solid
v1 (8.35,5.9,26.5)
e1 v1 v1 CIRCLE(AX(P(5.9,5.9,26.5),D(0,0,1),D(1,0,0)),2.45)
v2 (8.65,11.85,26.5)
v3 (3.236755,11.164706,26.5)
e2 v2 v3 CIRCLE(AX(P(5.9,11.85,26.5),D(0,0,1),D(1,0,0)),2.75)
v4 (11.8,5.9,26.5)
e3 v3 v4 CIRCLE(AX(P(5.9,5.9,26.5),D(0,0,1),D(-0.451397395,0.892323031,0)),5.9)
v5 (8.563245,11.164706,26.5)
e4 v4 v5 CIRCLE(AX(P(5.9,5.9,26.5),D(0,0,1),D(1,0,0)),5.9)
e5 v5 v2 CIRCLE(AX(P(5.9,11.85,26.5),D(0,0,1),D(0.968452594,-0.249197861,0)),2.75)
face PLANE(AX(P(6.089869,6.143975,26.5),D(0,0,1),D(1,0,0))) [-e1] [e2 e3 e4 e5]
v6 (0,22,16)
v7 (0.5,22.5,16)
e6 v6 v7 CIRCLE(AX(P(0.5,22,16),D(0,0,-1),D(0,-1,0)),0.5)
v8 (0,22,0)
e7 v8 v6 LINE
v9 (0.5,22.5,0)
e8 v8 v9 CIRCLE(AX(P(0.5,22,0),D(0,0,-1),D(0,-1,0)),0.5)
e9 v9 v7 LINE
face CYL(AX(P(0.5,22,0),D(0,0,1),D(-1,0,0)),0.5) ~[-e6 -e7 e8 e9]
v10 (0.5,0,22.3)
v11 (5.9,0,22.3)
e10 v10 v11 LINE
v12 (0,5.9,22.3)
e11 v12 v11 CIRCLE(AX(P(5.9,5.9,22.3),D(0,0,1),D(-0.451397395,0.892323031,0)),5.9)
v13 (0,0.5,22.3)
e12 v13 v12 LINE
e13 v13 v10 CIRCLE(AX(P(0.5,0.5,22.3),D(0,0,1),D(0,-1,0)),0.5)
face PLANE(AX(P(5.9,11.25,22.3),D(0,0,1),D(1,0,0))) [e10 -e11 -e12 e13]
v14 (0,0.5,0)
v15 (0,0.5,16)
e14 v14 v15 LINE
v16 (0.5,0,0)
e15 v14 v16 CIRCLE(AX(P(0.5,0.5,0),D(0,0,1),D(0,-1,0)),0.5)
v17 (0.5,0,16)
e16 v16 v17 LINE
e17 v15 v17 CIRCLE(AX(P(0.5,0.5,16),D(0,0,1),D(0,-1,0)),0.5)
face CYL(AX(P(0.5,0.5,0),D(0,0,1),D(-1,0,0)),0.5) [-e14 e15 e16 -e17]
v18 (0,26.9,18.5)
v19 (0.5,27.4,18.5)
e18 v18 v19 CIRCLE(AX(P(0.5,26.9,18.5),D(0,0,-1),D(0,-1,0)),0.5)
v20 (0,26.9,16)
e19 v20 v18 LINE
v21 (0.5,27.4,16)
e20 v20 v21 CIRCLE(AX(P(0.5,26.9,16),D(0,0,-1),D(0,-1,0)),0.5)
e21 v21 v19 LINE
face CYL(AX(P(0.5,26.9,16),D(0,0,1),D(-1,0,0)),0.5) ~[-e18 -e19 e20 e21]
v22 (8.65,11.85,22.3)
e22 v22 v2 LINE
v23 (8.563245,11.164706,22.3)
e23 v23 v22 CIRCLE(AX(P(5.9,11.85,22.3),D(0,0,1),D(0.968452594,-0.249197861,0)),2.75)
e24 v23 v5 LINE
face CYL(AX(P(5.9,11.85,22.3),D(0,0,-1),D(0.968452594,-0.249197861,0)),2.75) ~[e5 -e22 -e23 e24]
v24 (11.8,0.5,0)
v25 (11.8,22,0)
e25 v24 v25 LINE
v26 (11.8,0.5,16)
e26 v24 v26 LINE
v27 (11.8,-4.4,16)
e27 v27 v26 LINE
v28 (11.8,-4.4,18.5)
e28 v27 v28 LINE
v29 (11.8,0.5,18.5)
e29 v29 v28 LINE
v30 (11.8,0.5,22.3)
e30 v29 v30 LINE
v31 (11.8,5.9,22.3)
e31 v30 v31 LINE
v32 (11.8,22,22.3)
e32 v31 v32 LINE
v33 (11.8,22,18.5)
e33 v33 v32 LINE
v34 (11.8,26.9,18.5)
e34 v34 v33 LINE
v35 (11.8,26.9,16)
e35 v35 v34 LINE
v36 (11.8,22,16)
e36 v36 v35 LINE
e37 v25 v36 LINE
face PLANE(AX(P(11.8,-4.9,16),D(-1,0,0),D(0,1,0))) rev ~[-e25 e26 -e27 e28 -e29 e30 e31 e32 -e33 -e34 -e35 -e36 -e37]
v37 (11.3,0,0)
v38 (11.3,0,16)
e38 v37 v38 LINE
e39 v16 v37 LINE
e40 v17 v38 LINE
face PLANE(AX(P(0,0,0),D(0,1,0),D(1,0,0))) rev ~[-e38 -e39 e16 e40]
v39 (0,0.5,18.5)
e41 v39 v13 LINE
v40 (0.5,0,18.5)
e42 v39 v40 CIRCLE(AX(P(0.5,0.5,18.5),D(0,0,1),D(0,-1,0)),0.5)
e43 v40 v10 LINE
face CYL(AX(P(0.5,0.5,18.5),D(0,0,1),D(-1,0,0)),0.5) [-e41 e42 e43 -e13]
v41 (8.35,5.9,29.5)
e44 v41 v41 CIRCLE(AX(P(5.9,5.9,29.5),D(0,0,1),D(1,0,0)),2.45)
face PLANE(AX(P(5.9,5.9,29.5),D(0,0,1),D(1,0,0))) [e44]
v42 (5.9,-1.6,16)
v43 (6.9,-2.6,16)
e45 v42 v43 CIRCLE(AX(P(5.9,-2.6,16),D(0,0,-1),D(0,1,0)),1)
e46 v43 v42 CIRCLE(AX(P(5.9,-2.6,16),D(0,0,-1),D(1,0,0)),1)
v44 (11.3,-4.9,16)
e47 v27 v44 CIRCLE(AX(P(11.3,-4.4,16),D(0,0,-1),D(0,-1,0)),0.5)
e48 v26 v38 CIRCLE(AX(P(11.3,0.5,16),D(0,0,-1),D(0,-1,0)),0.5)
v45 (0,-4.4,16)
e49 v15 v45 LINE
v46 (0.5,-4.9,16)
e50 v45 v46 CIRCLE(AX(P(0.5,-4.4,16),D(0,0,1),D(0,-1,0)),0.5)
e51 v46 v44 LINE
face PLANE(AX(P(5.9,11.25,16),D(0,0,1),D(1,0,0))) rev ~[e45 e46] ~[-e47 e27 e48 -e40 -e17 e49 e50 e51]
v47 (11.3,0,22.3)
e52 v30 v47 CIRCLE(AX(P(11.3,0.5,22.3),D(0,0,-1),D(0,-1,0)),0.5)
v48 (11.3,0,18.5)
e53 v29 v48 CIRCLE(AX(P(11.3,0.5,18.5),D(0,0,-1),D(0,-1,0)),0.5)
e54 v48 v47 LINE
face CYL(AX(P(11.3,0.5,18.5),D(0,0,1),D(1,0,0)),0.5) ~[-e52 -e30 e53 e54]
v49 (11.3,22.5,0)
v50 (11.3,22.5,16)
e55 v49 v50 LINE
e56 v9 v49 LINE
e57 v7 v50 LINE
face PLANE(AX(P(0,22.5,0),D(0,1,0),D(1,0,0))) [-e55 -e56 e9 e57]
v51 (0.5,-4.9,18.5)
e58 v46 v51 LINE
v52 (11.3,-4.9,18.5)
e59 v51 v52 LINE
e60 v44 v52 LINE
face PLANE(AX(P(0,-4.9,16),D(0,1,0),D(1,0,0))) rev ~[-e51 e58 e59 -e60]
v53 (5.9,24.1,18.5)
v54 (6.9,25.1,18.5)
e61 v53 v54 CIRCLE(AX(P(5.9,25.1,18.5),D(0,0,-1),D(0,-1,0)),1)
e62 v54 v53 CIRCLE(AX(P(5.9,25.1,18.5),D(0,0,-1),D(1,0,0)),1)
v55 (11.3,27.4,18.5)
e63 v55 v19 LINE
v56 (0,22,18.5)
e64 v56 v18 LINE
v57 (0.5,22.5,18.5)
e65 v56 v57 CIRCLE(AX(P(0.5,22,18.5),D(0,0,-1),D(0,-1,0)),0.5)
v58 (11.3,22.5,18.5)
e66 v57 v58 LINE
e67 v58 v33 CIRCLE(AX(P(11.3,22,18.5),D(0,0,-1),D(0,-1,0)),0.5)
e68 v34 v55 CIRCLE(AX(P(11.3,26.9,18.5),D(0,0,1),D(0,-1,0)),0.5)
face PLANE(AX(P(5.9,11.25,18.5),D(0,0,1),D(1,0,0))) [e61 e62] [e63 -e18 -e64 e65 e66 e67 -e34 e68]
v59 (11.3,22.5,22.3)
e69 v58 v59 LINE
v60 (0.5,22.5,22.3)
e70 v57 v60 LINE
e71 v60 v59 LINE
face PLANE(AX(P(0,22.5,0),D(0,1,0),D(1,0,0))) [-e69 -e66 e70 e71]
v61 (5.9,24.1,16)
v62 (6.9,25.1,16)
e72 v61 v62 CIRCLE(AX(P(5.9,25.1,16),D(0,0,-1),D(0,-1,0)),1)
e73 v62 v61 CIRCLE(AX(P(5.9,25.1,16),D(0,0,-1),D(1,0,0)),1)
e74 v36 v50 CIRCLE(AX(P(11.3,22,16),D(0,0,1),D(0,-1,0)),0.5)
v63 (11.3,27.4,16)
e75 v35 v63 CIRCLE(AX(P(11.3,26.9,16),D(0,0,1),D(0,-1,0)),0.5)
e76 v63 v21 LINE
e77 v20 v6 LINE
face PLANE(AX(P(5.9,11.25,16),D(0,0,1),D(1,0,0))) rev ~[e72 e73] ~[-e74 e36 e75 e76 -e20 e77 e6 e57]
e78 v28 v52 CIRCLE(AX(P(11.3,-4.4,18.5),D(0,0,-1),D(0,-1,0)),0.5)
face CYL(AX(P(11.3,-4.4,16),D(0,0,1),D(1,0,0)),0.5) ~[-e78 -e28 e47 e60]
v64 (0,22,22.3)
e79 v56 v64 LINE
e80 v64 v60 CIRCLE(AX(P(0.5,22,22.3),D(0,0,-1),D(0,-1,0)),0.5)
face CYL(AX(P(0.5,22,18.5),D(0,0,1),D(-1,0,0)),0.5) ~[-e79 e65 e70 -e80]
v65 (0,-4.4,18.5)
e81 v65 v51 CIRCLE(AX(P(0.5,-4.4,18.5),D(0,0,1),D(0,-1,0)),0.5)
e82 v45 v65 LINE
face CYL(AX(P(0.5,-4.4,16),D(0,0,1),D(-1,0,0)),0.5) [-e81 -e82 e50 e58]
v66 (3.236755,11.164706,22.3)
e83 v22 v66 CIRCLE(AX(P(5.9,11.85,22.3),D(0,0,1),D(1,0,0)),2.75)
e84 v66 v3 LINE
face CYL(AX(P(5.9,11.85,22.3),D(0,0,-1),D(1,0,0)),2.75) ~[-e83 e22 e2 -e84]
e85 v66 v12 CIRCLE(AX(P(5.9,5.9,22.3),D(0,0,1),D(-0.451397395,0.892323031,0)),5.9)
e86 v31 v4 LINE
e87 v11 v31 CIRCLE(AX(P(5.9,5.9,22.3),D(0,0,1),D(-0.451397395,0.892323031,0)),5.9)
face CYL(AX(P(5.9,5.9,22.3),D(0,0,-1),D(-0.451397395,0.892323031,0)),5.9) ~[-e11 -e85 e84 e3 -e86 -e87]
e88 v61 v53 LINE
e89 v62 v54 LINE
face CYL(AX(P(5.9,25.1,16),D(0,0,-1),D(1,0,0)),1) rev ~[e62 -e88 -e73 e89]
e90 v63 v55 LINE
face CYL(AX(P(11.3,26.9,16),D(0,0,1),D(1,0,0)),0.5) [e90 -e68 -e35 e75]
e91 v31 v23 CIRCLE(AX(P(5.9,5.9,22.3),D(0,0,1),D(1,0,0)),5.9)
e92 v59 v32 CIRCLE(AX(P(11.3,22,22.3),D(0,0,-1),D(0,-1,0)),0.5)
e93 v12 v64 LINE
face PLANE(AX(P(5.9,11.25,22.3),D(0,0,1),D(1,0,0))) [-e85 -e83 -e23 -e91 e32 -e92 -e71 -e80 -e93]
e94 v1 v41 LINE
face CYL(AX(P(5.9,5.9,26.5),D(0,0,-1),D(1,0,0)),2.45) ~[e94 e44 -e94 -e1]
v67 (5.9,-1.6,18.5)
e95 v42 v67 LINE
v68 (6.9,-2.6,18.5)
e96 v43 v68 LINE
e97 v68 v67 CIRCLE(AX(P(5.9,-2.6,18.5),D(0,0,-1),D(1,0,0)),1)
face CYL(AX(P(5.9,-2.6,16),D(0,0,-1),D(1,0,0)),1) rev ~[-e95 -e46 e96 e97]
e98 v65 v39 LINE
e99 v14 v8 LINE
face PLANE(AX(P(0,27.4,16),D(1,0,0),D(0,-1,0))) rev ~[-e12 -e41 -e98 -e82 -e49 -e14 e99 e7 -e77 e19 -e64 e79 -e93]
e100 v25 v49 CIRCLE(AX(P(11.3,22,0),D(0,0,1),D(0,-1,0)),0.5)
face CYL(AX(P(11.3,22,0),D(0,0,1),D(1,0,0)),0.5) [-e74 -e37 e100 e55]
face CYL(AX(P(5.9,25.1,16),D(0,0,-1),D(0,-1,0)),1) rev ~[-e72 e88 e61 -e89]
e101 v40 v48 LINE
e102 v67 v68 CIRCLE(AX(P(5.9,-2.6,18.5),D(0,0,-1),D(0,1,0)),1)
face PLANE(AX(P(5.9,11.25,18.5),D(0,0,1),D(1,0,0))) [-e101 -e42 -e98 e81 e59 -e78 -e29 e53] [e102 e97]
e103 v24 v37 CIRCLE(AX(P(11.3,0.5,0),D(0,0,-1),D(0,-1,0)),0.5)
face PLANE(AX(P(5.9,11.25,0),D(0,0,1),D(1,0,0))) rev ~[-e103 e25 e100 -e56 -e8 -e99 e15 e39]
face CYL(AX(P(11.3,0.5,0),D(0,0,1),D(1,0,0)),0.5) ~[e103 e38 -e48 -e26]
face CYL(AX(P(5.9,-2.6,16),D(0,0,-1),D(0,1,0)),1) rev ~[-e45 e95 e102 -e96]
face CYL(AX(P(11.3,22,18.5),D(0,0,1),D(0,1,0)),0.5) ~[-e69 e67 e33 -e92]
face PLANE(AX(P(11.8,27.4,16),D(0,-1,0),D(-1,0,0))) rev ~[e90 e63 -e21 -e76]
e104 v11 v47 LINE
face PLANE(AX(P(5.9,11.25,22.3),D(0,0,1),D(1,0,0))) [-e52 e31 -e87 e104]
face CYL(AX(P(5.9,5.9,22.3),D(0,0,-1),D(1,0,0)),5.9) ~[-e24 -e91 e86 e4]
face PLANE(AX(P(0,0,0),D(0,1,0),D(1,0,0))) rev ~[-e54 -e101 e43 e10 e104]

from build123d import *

# Parameters (mm, degrees)
F0_W     = 11.8
F0_H     = 22.5
F1_DEPTH = 22.3
F4_DEPTH = 2.5
F6_DEPTH = 4.2
F7_R     = 2.45
F8_DEPTH = 3
F9_R     = 0.5


with BuildPart() as f1:
    # F0 (on Top) → F1 (new body)
    with BuildSketch(Plane.XY):
        with Locations((5.9, 11.25)):
            Rectangle(F0_W, F0_H)
    extrude(amount=F1_DEPTH)

    # F3 (on offset) → F4 (join)
    with BuildSketch(Plane.XY.offset(16)):
        Polygon((11.8, 27.4), (0, 27.4), (0, 11.25), (0, -4.9), (11.8, -4.9), align=None)
        with BuildLine():
            ThreePointArc((6.9, -2.6), (5.1928932188, -3.3071067812), (5.9, -1.6))
            ThreePointArc((5.9, -1.6), (6.6071067812, -1.8928932188), (6.9, -2.6))
        make_face(mode=Mode.SUBTRACT)
        with BuildLine():
            ThreePointArc((6.9, 25.1), (6.6071067812, 24.3928932188), (5.9, 24.1))
            ThreePointArc((5.9, 24.1), (5.1928932188, 25.8071067812), (6.9, 25.1))
        make_face(mode=Mode.SUBTRACT)
    extrude(amount=F4_DEPTH)

    # F5 (on face) → F6 (join)
    with BuildSketch(Plane.XY.offset(22.3)):
        with BuildLine():
            ThreePointArc((3.2367553675, 11.1647058824), (2.8099468719, 0.8739108976), (11.8, 5.9))
            ThreePointArc((11.8, 5.9), (10.9260891024, 8.9900531281), (8.5632446325, 11.1647058824))
            ThreePointArc((8.5632446325, 11.1647058824), (5.9, 9.1), (3.2367553675, 11.1647058824))
        make_face()
        with BuildLine():
            ThreePointArc((3.2367553675, 11.1647058824), (5.9, 9.1), (8.5632446325, 11.1647058824))
            ThreePointArc((8.5632446325, 11.1647058824), (5.9, 11.8), (3.2367553675, 11.1647058824))
        make_face()
        with BuildLine():
            ThreePointArc((3.2367553675, 11.1647058824), (5.9, 11.8), (8.5632446325, 11.1647058824))
            ThreePointArc((8.5632446325, 11.1647058824), (8.6282249485, 11.5046181383), (8.65, 11.85))
            ThreePointArc((8.65, 11.85), (5.5546181383, 14.5782249485), (3.2367553675, 11.1647058824))
        make_face()
    extrude(amount=F6_DEPTH)

    # F7 (on face) → F8 (join)
    with BuildSketch(Plane.XY.offset(26.5)):
        with Locations((5.9, 5.9)):
            Circle(F7_R)
    extrude(amount=F8_DEPTH)

    # F9
    f9_edges = [f1.edges().sort_by_distance(p)[0] for p in [
        (11.8, 0, 8),
        (11.8, 0, 20.4),
        (0, 0, 8),
        (0, 0, 20.4),
        (0, 22.5, 20.4),
        (0, 22.5, 8),
        (11.8, 22.5, 8),
        (11.8, 22.5, 20.4),
        (0, -4.9, 17.25),
        (11.8, -4.9, 17.25),
        (11.8, 27.4, 17.25),
        (0, 27.4, 17.25),
    ]]
    fillet(f9_edges, radius=F9_R)


solid = f1.part
